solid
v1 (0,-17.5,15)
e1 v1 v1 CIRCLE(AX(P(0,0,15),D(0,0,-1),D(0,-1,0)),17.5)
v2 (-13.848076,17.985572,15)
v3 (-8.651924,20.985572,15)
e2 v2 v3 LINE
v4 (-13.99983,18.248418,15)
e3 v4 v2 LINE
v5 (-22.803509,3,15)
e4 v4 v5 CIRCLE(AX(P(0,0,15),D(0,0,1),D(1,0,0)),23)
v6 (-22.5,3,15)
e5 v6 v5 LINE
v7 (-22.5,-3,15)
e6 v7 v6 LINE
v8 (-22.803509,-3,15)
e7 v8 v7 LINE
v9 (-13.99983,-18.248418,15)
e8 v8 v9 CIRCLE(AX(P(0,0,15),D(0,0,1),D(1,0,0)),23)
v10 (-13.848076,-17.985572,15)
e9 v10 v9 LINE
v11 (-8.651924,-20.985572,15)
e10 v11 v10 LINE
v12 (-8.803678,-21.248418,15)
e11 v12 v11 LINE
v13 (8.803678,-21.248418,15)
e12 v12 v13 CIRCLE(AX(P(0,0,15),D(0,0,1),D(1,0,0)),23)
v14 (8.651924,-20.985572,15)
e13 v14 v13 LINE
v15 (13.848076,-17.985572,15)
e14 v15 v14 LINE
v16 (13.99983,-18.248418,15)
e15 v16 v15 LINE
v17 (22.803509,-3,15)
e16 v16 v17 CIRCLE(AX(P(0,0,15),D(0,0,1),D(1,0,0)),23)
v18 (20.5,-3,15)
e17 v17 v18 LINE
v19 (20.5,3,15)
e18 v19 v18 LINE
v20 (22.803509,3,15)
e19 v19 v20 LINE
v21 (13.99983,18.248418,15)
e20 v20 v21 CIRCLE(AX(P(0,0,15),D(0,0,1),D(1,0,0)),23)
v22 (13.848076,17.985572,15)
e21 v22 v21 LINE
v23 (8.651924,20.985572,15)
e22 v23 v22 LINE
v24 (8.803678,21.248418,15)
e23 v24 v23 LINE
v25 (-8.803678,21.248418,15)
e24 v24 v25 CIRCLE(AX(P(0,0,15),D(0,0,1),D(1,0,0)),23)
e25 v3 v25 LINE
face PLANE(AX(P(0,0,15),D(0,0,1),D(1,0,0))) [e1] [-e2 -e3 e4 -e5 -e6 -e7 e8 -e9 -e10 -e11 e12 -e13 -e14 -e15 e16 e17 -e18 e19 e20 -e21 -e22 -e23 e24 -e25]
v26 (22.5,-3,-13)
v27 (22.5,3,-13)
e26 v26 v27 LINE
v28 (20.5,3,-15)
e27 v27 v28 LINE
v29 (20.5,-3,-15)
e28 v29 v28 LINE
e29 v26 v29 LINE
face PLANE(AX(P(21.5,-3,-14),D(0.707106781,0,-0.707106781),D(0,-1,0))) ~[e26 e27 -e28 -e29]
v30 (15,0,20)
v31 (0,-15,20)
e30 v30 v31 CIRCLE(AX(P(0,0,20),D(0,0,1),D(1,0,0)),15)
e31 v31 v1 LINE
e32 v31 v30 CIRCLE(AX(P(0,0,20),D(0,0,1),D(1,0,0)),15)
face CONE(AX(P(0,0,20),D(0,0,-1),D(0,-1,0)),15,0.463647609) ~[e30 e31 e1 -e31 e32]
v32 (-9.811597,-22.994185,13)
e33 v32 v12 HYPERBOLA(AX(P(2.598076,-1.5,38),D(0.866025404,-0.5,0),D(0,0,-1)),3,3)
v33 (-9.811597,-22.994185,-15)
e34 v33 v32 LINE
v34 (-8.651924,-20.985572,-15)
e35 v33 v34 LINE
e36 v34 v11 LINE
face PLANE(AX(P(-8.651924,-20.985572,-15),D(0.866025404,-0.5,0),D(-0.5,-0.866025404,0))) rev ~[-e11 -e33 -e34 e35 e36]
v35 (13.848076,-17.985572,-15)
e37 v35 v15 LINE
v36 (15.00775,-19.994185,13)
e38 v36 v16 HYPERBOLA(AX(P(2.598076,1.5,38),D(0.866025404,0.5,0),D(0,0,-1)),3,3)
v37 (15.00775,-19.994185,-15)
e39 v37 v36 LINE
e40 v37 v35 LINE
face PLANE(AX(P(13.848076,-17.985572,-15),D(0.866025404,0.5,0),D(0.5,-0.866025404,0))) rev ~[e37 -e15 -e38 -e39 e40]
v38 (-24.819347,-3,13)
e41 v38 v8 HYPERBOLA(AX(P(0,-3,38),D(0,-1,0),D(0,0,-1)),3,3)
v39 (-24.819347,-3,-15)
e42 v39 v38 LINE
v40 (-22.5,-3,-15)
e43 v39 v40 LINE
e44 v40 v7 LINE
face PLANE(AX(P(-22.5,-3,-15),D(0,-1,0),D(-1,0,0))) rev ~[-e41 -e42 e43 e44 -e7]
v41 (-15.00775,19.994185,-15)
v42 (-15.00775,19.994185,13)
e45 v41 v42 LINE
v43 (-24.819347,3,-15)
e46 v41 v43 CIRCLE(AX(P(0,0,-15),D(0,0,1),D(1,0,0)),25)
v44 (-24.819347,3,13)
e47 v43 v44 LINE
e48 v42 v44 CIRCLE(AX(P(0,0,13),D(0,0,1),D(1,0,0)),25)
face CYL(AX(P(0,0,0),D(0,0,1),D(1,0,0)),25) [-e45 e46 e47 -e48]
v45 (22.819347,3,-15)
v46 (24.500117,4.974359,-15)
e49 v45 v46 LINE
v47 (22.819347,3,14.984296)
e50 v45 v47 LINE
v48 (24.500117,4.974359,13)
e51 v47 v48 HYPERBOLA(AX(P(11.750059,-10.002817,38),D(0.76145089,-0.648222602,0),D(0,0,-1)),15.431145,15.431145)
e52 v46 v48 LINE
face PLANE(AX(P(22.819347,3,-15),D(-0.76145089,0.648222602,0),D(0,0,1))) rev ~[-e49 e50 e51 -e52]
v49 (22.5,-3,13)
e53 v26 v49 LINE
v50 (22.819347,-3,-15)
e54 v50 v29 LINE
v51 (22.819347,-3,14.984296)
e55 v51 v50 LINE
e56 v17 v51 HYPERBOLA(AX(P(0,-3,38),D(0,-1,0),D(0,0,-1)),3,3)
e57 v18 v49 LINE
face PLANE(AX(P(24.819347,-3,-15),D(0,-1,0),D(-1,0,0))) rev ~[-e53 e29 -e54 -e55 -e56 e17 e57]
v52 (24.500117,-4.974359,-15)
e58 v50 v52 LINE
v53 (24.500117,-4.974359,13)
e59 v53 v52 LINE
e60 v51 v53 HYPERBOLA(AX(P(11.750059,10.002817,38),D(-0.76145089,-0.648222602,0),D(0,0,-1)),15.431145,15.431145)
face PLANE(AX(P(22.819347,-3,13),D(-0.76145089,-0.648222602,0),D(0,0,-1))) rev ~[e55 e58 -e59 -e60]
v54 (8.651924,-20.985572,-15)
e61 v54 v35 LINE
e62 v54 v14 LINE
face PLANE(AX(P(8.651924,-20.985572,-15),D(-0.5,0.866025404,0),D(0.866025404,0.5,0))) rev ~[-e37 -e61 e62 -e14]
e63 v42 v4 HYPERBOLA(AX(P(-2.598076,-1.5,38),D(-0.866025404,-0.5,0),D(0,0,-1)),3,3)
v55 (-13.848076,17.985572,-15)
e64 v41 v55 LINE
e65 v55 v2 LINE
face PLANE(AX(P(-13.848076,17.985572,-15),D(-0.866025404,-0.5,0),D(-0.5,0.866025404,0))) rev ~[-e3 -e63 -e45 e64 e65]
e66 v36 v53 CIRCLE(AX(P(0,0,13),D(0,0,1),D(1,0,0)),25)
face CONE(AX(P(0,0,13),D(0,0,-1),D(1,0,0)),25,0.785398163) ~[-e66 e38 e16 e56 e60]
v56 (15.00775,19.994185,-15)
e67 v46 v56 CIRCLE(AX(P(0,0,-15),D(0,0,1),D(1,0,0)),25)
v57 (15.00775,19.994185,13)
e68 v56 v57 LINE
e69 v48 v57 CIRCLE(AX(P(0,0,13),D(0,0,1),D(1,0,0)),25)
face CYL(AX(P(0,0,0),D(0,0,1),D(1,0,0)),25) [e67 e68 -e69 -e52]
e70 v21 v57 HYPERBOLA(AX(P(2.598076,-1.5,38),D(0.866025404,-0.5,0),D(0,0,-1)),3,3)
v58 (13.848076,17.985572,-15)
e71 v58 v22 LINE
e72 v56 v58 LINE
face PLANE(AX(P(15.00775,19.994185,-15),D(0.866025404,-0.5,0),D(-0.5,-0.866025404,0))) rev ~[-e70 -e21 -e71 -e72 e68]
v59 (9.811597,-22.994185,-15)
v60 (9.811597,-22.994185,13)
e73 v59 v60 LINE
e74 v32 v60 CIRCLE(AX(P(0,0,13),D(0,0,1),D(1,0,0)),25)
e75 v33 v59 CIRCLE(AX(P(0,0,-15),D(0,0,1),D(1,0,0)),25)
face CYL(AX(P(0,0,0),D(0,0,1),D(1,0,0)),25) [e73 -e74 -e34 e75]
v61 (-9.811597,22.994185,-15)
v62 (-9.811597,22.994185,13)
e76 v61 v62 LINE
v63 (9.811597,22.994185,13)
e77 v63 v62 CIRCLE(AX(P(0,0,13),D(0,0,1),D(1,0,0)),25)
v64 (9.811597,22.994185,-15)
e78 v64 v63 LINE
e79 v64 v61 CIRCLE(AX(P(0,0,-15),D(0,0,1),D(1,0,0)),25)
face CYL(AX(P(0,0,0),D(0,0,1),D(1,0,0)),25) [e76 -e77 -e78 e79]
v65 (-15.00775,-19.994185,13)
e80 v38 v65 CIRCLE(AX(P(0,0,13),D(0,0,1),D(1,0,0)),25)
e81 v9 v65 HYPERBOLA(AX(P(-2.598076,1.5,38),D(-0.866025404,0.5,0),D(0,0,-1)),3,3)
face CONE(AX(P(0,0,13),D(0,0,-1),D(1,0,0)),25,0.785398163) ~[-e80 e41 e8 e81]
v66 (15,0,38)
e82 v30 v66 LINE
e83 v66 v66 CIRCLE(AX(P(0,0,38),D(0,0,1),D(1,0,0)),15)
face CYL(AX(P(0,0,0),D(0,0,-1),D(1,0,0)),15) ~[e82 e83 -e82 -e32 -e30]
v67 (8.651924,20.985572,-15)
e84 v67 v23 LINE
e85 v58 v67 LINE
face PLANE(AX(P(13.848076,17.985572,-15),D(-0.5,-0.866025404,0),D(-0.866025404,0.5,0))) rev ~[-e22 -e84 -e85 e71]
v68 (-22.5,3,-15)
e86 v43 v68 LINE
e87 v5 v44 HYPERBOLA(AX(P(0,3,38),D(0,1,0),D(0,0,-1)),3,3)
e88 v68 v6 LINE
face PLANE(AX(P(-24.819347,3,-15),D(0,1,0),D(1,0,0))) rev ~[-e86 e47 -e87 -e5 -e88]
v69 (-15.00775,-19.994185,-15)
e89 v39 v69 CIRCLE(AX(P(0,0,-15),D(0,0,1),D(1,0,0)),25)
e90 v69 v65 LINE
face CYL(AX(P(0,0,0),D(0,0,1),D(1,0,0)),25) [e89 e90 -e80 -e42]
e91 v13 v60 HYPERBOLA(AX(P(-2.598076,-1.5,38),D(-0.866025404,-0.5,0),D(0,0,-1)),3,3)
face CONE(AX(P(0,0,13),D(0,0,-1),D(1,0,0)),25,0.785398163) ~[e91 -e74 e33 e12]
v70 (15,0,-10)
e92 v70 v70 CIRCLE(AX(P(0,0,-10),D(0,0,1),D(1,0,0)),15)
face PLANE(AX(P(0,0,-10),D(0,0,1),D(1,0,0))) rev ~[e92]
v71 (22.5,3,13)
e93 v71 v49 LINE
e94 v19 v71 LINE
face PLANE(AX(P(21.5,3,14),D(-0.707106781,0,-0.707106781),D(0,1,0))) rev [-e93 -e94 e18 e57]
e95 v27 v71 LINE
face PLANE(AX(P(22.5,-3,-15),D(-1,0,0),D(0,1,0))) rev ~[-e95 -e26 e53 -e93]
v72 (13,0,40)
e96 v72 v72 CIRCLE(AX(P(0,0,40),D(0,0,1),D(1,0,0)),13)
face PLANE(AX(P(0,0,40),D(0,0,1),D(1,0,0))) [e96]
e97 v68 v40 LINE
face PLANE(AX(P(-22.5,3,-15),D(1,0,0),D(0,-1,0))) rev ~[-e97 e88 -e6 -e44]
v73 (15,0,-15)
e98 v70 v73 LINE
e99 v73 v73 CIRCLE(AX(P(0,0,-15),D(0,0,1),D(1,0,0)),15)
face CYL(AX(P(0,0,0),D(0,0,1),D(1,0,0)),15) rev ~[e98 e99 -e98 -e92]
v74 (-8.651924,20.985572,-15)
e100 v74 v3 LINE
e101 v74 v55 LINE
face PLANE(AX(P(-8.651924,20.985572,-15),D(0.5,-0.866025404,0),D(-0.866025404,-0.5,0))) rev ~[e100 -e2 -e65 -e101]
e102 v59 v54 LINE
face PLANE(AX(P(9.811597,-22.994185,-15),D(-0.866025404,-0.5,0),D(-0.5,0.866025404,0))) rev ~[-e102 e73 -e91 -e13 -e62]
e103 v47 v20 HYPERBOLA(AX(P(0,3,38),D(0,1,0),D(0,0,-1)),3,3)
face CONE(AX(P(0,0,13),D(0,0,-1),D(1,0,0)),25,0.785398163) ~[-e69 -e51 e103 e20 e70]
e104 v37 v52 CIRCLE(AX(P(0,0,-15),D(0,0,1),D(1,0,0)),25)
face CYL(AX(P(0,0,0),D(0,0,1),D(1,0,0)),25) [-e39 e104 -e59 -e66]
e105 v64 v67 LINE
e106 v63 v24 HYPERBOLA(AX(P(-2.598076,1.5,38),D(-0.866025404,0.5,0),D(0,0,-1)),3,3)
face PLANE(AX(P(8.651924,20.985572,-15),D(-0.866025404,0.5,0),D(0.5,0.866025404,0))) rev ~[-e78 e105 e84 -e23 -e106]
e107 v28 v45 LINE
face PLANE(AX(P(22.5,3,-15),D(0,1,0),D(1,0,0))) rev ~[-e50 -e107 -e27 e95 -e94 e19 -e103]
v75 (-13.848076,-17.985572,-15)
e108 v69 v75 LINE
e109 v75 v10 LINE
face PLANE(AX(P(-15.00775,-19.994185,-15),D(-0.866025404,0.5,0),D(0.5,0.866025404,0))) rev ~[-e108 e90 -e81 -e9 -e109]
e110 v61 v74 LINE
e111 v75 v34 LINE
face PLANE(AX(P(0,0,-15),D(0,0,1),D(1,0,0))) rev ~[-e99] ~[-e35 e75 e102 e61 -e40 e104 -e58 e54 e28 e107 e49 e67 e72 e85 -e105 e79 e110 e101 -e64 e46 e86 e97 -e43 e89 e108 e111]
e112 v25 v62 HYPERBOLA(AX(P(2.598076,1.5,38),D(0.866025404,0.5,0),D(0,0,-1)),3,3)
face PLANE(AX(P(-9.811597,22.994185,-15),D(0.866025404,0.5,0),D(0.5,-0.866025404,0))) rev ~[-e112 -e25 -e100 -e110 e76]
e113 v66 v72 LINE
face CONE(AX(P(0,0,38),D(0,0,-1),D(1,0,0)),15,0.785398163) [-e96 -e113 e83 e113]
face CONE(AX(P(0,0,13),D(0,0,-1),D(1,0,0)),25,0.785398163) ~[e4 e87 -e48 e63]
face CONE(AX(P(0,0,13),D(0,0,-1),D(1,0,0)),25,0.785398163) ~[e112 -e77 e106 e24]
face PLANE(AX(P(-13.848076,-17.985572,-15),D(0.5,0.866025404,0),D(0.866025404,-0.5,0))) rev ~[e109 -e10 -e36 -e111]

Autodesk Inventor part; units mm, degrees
ref_plane "YZ Plane" through (0, 0, 0) normal (1, 0, 0) x (0, 1, 0)
ref_plane "XZ Plane" through (0, 0, 0) normal (0, 1, 0) x (-1, 0, 0)
ref_plane "XY Plane" through (0, 0, 0) normal (0, 0, 1) x (1, 0, 0)
sketch "Sketch1" plane through (0, 0, 0) normal (0, 0, 1) x (1, 0, 0)
  circle A0 centre (0, 0) radius 15
  circle A1 centre (0, 0) radius 25
  dimension "d0" = 30
extrude "Extrusion1" add sketch "Sketch1" along normal mid plane 30
extrude "Extrusion2" add sketch "Sketch1" against normal blind 10 contours A0
extrude "Extrusion3" add sketch "Sketch1" along normal blind 40 contours A0
chamfer "Chamfer1" distance 2 angle 45 1 edges at (-25, 0, 15)
sketch "Sketch2" plane through (0, 0, -15) normal (0, 0, -1) x (-1, 0, 0)
  circle A0 centre (0, 0) radius 25 projected
  circle A1 centre (0, 0) radius 15 projected
  line L0 (-22.5, 3) -> (-25.5, 3)
  line L1 (-25.5, 3) -> (-25.5, -3)
  line L2 (-25.5, -3) -> (-22.5, -3)
  line L3 (-22.5, -3) -> (-22.5, 3)
  line L4 (-22.5, 3) -> (-25.5, -3) construction
  line L5 (-25.5, 3) -> (-22.5, -3) construction
  point P0 (-24, 0)
  dimension "d12" = 6
  dimension "d13" = 24
  dimension "d14" = 3
extrude "Extrusion4" cut sketch "Sketch2" against normal through all contours L0 L3 L2 A0 | A0 L2 L1 L0 picked at (-23.3266, 0.334)
chamfer "Chamfer2" distance 2 angle 45 5 edges at (24.8193, -3, -1) (24.8193, 3, -1) (22.5, 0, -15) (22.5, 0, 15) (-15, 0, 40)
pattern_circular "Circular Pattern1" count 6 over 360 about axis through (0, 0, -10) along (0, 0, 1) of "Extrusion4"
sketch "Sketch3" plane through (0, 0, 15) normal (0, 0, 1) x (1, 0, 0)
  circle A0 centre (0, 0) radius 15 projected
  line L0 (20.5, 3) -> (20.5, -3) projected
  line L1 (20.5, -3) -> (22.8035, -3) projected
  arc A1 (13.9998, -18.2484) -> (22.8035, -3) centre (0, 0) ccw projected
  line L2 (13.9998, -18.2484) -> (13.8481, -17.9856) projected
  line L3 (13.8481, -17.9856) -> (8.6519, -20.9856) projected
  line L4 (8.6519, -20.9856) -> (8.8037, -21.2484) projected
  arc A2 (-8.8037, -21.2484) -> (8.8037, -21.2484) centre (0, 0) ccw projected
  line L5 (-8.8037, -21.2484) -> (-8.6519, -20.9856) projected
  line L6 (-8.6519, -20.9856) -> (-13.8481, -17.9856) projected
  line L7 (-13.8481, -17.9856) -> (-13.9998, -18.2484) projected
  arc A3 (-22.8035, -3) -> (-13.9998, -18.2484) centre (0, 0) ccw projected
  line L8 (-22.8035, -3) -> (-22.5, -3) projected
  line L9 (-22.5, -3) -> (-22.5, 3) projected
  line L10 (-22.5, 3) -> (-22.8035, 3) projected
  arc A4 (-13.9998, 18.2484) -> (-22.8035, 3) centre (0, 0) ccw projected
  line L11 (-13.9998, 18.2484) -> (-13.8481, 17.9856) projected
  line L12 (-13.8481, 17.9856) -> (-8.6519, 20.9856) projected
  line L13 (-8.6519, 20.9856) -> (-8.8037, 21.2484) projected
  arc A5 (8.8037, 21.2484) -> (-8.8037, 21.2484) centre (0, 0) ccw projected
  line L14 (8.8037, 21.2484) -> (8.6519, 20.9856) projected
  line L15 (8.6519, 20.9856) -> (13.8481, 17.9856) projected
  line L16 (13.8481, 17.9856) -> (13.9998, 18.2484) projected
  arc A6 (22.8035, 3) -> (13.9998, 18.2484) centre (0, 0) ccw projected
  line L17 (22.8035, 3) -> (20.5, 3) projected
  circle A7 centre (0, 0) radius 17.5
  dimension "d21" = 35
extrude "Extrusion5" add sketch "Sketch3" along normal blind 5 contours A7
sketch "Sketch4" plane through (0, 0, 0) normal (1, 0, 0) x (0, 1, 0)
  line L0 (15, 20) -> (-15, 20) projected
  line L1 (15, 38) -> (-15, 38) projected
  line L2 (17.5, 20) -> (-17.5, 20) projected
  line L3 (-17.5, 15) -> (17.5, 15) projected
  line L4 (-19.9942, 13) -> (-19.9942, -15) projected
  line L5 (-4.9744, -15) -> (-19.9942, -15) projected
  line L6 (-4.9744, 13) -> (-4.9744, -15) projected
  line L7 (-19.9942, 13) -> (-4.9744, 13) projected
  line L8 (-15, 20) -> (-17.5, 15)
  line L9 (-18.2484, 15) -> (-3, 15) projected
  line L10 (-15, 15) -> (-15, 20)
  line L11 (-17.5, 15) -> (-15, 15)
  line L12 (-15, 20) -> (-17.5, 20)
  line L13 (-17.5, 20) -> (-17.5, 15)
  line L14 (-17.5, 15) -> (-15, 15)
  line L15 (-15, 15) -> (-15, 20)
  line L16 (0, -26) -> (0, 51) projected
  point P0 (0, 0)
revolve "Revolution1" cut sketch "Sketch4" angle 360 about axis through (0, 0, -10) along (0, 0, 1) contours L8 L13 L2
properties part number "base_hydraulic_pump" material "Stainless Steel"
